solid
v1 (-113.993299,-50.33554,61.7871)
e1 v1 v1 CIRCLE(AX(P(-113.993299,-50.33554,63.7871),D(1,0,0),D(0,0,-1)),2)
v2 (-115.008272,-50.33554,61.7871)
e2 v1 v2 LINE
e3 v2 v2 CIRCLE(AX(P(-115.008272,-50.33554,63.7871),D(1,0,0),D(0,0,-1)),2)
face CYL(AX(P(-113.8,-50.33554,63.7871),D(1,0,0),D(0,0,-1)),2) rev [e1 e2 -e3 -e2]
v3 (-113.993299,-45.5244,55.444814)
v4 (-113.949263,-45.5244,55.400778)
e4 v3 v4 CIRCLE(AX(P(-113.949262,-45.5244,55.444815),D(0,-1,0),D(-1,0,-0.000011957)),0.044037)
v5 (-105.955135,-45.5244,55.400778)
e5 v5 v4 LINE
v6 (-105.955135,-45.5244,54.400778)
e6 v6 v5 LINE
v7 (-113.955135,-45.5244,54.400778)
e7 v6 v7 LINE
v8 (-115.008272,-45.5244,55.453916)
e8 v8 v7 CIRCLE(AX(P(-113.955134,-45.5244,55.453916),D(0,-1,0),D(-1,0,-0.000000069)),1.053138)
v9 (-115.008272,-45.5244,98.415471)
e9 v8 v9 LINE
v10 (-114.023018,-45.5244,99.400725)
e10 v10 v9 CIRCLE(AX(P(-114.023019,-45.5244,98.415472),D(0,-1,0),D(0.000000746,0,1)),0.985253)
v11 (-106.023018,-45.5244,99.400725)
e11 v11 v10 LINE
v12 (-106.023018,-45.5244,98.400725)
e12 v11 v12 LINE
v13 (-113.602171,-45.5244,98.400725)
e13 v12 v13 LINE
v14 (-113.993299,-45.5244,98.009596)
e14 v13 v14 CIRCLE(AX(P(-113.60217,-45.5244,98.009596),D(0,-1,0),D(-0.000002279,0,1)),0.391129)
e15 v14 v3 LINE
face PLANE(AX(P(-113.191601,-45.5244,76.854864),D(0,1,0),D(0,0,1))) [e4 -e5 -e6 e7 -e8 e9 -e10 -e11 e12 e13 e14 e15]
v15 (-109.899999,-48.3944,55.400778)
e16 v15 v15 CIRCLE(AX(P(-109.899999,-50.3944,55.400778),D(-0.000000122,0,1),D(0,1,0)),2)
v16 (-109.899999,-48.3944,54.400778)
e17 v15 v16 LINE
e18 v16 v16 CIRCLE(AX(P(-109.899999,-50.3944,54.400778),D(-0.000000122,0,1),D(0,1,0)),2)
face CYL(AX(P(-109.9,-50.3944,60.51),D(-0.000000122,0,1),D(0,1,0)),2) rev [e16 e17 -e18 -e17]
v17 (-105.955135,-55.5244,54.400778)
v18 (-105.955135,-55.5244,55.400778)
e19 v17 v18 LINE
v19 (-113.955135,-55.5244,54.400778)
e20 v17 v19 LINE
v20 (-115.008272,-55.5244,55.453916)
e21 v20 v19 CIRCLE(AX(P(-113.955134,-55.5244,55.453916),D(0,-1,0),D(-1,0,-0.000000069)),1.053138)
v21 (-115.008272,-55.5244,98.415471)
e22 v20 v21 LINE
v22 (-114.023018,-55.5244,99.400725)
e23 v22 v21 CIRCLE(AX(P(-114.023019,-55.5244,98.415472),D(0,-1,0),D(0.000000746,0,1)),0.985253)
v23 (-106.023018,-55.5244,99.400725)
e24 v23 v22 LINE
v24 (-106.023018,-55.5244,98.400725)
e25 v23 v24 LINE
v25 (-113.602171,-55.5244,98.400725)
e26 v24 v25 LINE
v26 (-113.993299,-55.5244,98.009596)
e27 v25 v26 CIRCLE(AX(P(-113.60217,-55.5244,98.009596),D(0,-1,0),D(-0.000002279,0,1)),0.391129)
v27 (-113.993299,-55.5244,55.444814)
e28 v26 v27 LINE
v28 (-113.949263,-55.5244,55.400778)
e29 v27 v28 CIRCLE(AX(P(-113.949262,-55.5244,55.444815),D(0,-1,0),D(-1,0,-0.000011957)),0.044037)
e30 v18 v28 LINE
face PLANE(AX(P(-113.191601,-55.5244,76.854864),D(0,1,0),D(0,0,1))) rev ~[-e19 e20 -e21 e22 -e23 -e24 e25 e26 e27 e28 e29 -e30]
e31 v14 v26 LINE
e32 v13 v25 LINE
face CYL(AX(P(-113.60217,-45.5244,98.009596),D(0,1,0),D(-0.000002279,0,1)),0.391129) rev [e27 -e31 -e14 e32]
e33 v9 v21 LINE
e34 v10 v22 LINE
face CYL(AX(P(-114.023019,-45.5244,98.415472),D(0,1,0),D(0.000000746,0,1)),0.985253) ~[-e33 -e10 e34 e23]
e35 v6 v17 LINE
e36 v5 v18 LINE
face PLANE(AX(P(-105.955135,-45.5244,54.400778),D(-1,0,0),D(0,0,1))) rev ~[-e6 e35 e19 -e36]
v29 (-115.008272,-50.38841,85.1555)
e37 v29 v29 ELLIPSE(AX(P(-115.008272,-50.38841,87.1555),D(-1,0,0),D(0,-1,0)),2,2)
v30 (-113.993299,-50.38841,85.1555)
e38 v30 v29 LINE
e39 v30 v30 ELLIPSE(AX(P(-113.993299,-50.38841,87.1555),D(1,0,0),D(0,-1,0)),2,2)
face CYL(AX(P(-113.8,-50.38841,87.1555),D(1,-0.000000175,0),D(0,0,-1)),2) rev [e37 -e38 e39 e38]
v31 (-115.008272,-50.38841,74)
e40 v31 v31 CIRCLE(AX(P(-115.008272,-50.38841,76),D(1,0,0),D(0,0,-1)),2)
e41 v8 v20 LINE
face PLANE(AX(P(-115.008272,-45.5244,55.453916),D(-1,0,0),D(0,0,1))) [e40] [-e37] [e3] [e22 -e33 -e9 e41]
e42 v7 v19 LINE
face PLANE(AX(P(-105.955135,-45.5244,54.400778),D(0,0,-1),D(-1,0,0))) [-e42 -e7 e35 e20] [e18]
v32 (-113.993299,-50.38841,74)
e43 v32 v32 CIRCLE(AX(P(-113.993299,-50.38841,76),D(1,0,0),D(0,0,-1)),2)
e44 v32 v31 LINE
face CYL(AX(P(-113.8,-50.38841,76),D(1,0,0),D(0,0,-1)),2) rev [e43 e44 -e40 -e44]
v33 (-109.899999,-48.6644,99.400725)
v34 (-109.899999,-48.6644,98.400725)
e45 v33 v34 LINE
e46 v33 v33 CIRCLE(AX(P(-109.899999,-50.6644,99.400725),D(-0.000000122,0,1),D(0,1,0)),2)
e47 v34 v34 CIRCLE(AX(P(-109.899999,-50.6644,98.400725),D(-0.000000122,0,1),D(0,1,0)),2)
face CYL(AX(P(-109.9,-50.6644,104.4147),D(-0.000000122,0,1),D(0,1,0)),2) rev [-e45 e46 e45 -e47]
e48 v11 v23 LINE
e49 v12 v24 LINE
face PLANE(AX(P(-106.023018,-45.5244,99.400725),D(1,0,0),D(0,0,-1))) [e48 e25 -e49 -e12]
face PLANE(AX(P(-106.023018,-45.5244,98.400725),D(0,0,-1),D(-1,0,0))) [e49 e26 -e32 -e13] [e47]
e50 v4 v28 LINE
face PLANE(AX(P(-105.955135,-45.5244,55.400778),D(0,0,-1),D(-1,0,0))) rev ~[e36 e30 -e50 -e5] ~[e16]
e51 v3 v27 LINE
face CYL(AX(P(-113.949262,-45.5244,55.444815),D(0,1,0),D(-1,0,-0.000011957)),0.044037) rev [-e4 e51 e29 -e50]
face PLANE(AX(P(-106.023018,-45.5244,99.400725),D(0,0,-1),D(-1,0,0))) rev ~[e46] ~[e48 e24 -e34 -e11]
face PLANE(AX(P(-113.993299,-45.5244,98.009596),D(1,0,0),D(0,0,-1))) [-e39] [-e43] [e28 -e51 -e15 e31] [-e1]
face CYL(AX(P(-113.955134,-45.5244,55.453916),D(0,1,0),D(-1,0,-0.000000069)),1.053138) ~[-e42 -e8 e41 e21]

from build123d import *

# Parameters (mm, degrees)
CYLINDER030_R               = 2
CYLINDER030_DEPTH           = 10
CYLINDER030_PITCH_ANGLE     = 90
CYLINDER030_PLACEMENT_ANGLE = 7e-06
CYLINDER031_R               = 2
CYLINDER031_DEPTH           = 10
CYLINDER031_PITCH_ANGLE     = 90
CYLINDER031_PLACEMENT_ANGLE = 7e-06
CYLINDER026_R               = 2
CYLINDER026_DEPTH           = 2
CYLINDER026_ROLL_ANGLE      = -88.507054
CYLINDER026_PITCH_ANGLE     = -87.01751
CYLINDER026_PLACEMENT_ANGLE = -92.244015
CYLINDER028_R               = 2
CYLINDER028_DEPTH           = 2
CYLINDER028_PLACEMENT_ANGLE = 90.00001
CYLINDER029_R               = 2
CYLINDER029_DEPTH           = 2
CYLINDER029_ROLL_ANGLE      = 90
CYLINDER027_R               = 2
CYLINDER027_DEPTH           = 2
CYLINDER027_ROLL_ANGLE      = 90
CYLINDER025_R               = 2
CYLINDER025_DEPTH           = 2
CYLINDER025_ROLL_ANGLE      = -88.507054
CYLINDER025_PITCH_ANGLE     = -87.01751
CYLINDER025_PLACEMENT_ANGLE = -92.244015
PAD006_DEPTH                = 10
CUT029_PITCH_ANGLE          = 90
CUT029_PLACEMENT_ANGLE      = -90


with BuildPart() as cylinder030:
    # Cylinder030 → Cylinder030 (new body)
    with BuildSketch(Plane.XY):
        Circle(CYLINDER030_R)
    extrude(amount=CYLINDER030_DEPTH)


with BuildPart() as cylinder030_1:
    # Cylinder030 pitch: moved
    add(cylinder030.part.rotate(Axis((0, 0, 0), (0, 1, 0)), CYLINDER030_PITCH_ANGLE))


with BuildPart() as cylinder030_2:
    # Cylinder030 placement: moved
    add(cylinder030_1.part.moved(Location((15.49, 3.9, 4.87))).rotate(Axis((15.49, 3.9, 4.87), (0, 0, 1)), CYLINDER030_PLACEMENT_ANGLE))


with BuildPart() as cylinder031:
    # Cylinder031 → Cylinder031 (new body)
    with BuildSketch(Plane.XY):
        Circle(CYLINDER031_R)
    extrude(amount=CYLINDER031_DEPTH)


with BuildPart() as cylinder031_1:
    # Cylinder031 pitch: moved
    add(cylinder031.part.rotate(Axis((0, 0, 0), (0, 1, 0)), CYLINDER031_PITCH_ANGLE))


with BuildPart() as cylinder031_2:
    # Cylinder031 placement: moved
    add(cylinder031_1.part.moved(Location((-28.4147, 3.9, 5.14))).rotate(Axis((-28.4147, 3.9, 5.14), (0, 0, 1)), CYLINDER031_PLACEMENT_ANGLE))


with BuildPart() as cylinder026:
    # Cylinder026 → Cylinder026 (new body)
    with BuildSketch(Plane.XY):
        Circle(CYLINDER026_R)
    extrude(amount=CYLINDER026_DEPTH)


with BuildPart() as cylinder026_1:
    # Cylinder026 roll: moved
    add(cylinder026.part.rotate(Axis((0, 0, 0), (1, 0, 0)), CYLINDER026_ROLL_ANGLE))


with BuildPart() as cylinder026_2:
    # Cylinder026 pitch: moved
    add(cylinder026_1.part.rotate(Axis((0, 0, 0), (0, 1, 0)), CYLINDER026_PITCH_ANGLE))


with BuildPart() as cylinder026_3:
    # Cylinder026 placement: moved
    add(cylinder026_2.part.moved(Location((-26, 5.29, 4.9))).rotate(Axis((-26, 5.29, 4.9), (0, 0, 1)), CYLINDER026_PLACEMENT_ANGLE))


with BuildPart() as cylinder028:
    # Cylinder028 → Cylinder028 (new body)
    with BuildSketch(Plane.XY):
        Circle(CYLINDER028_R)
    extrude(amount=CYLINDER028_DEPTH)


with BuildPart() as cylinder028_1:
    # Cylinder028 placement: moved
    add(cylinder028.part.moved(Location((-11.1555, 0, 4.86401))).rotate(Axis((-11.1555, 0, 4.86401), (1, 0, 0)), CYLINDER028_PLACEMENT_ANGLE))


with BuildPart() as cylinder029:
    # Cylinder029 → Cylinder029 (new body)
    with BuildSketch(Plane.XY):
        Circle(CYLINDER029_R)
    extrude(amount=CYLINDER029_DEPTH)


with BuildPart() as cylinder029_1:
    # Cylinder029 roll: moved
    add(cylinder029.part.rotate(Axis((0, 0, 0), (1, 0, 0)), CYLINDER029_ROLL_ANGLE))


with BuildPart() as cylinder029_2:
    # Cylinder029 placement: moved
    add(cylinder029_1.part.moved(Location((0, 0, 4.86401))))


with BuildPart() as cylinder027:
    # Cylinder027 → Cylinder027 (new body)
    with BuildSketch(Plane.XY):
        Circle(CYLINDER027_R)
    extrude(amount=CYLINDER027_DEPTH)


with BuildPart() as cylinder027_1:
    # Cylinder027 roll: moved
    add(cylinder027.part.rotate(Axis((0, 0, 0), (1, 0, 0)), CYLINDER027_ROLL_ANGLE))


with BuildPart() as cylinder027_2:
    # Cylinder027 placement: moved
    add(cylinder027_1.part.moved(Location((12.2129, 0, 4.81114))))


with BuildPart() as cylinder025:
    # Cylinder025 → Cylinder025 (new body)
    with BuildSketch(Plane.XY):
        Circle(CYLINDER025_R)
    extrude(amount=CYLINDER025_DEPTH)


with BuildPart() as cylinder025_1:
    # Cylinder025 roll: moved
    add(cylinder025.part.rotate(Axis((0, 0, 0), (1, 0, 0)), CYLINDER025_ROLL_ANGLE))


with BuildPart() as cylinder025_2:
    # Cylinder025 pitch: moved
    add(cylinder025_1.part.rotate(Axis((0, 0, 0), (0, 1, 0)), CYLINDER025_PITCH_ANGLE))


with BuildPart() as cylinder025_3:
    # Cylinder025 placement: moved
    add(cylinder025_2.part.moved(Location((25, 5.38, 4.9))).rotate(Axis((25, 5.38, 4.9), (0, 0, 1)), CYLINDER025_PLACEMENT_ANGLE))


with BuildPart() as cut029:
    # Sketch007 → Pad006 (new body)
    with BuildSketch(Plane.XY):
        with BuildLine():
            Line((20.546084, -1.208272), (-22.415471, -1.208272))
            ThreePointArc((-23.400725, -0.223018), (-23.112151, -0.919698), (-22.415471, -1.208272))
            Line((-23.400725, 7.776982), (-23.400725, -0.223018))
            Line((-23.400725, 7.776982), (-22.400725, 7.776982))
            Line((-22.400725, 7.776982), (-22.400725, 0.197829))
            ThreePointArc((-22.400725, 0.197829), (-22.286166, -0.07874), (-22.009596, -0.193299))
            Line((-22.009596, -0.193299), (20.555186, -0.193299))
            ThreePointArc((20.555186, -0.193299), (20.586324, -0.180401), (20.599222, -0.149263))
            Line((20.599222, 7.844865), (20.599222, -0.149263))
            Line((21.599222, 7.844865), (20.599222, 7.844865))
            Line((21.599222, 7.844865), (21.599222, -0.155135))
            ThreePointArc((20.546084, -1.208272), (21.290765, -0.899815), (21.599222, -0.155135))
        make_face()
    extrude(amount=PAD006_DEPTH)

    # Cut005: cut Cylinder025
    add(cylinder025_3.part, mode=Mode.SUBTRACT)

    # Cut006: cut Cylinder027
    add(cylinder027_2.part, mode=Mode.SUBTRACT)

    # Cut007: cut Cylinder029
    add(cylinder029_2.part, mode=Mode.SUBTRACT)

    # Cut008: cut Cylinder028
    add(cylinder028_1.part, mode=Mode.SUBTRACT)

    # Cut009: cut Cylinder026
    add(cylinder026_3.part, mode=Mode.SUBTRACT)

    # Cut018: cut Cylinder031
    add(cylinder031_2.part, mode=Mode.SUBTRACT)

    # Cut029: cut Cylinder030
    add(cylinder030_2.part, mode=Mode.SUBTRACT)


with BuildPart() as cut029_1:
    # Cut029 pitch: moved
    add(cut029.part.rotate(Axis((0, 0, 0), (0, 1, 0)), CUT029_PITCH_ANGLE))


with BuildPart() as cut029_2:
    # Cut029 placement: moved
    add(cut029_1.part.moved(Location((-113.8, -45.5244, 76))).rotate(Axis((-113.8, -45.5244, 76), (0, 0, 1)), CUT029_PLACEMENT_ANGLE))


solid = cut029_2.part
